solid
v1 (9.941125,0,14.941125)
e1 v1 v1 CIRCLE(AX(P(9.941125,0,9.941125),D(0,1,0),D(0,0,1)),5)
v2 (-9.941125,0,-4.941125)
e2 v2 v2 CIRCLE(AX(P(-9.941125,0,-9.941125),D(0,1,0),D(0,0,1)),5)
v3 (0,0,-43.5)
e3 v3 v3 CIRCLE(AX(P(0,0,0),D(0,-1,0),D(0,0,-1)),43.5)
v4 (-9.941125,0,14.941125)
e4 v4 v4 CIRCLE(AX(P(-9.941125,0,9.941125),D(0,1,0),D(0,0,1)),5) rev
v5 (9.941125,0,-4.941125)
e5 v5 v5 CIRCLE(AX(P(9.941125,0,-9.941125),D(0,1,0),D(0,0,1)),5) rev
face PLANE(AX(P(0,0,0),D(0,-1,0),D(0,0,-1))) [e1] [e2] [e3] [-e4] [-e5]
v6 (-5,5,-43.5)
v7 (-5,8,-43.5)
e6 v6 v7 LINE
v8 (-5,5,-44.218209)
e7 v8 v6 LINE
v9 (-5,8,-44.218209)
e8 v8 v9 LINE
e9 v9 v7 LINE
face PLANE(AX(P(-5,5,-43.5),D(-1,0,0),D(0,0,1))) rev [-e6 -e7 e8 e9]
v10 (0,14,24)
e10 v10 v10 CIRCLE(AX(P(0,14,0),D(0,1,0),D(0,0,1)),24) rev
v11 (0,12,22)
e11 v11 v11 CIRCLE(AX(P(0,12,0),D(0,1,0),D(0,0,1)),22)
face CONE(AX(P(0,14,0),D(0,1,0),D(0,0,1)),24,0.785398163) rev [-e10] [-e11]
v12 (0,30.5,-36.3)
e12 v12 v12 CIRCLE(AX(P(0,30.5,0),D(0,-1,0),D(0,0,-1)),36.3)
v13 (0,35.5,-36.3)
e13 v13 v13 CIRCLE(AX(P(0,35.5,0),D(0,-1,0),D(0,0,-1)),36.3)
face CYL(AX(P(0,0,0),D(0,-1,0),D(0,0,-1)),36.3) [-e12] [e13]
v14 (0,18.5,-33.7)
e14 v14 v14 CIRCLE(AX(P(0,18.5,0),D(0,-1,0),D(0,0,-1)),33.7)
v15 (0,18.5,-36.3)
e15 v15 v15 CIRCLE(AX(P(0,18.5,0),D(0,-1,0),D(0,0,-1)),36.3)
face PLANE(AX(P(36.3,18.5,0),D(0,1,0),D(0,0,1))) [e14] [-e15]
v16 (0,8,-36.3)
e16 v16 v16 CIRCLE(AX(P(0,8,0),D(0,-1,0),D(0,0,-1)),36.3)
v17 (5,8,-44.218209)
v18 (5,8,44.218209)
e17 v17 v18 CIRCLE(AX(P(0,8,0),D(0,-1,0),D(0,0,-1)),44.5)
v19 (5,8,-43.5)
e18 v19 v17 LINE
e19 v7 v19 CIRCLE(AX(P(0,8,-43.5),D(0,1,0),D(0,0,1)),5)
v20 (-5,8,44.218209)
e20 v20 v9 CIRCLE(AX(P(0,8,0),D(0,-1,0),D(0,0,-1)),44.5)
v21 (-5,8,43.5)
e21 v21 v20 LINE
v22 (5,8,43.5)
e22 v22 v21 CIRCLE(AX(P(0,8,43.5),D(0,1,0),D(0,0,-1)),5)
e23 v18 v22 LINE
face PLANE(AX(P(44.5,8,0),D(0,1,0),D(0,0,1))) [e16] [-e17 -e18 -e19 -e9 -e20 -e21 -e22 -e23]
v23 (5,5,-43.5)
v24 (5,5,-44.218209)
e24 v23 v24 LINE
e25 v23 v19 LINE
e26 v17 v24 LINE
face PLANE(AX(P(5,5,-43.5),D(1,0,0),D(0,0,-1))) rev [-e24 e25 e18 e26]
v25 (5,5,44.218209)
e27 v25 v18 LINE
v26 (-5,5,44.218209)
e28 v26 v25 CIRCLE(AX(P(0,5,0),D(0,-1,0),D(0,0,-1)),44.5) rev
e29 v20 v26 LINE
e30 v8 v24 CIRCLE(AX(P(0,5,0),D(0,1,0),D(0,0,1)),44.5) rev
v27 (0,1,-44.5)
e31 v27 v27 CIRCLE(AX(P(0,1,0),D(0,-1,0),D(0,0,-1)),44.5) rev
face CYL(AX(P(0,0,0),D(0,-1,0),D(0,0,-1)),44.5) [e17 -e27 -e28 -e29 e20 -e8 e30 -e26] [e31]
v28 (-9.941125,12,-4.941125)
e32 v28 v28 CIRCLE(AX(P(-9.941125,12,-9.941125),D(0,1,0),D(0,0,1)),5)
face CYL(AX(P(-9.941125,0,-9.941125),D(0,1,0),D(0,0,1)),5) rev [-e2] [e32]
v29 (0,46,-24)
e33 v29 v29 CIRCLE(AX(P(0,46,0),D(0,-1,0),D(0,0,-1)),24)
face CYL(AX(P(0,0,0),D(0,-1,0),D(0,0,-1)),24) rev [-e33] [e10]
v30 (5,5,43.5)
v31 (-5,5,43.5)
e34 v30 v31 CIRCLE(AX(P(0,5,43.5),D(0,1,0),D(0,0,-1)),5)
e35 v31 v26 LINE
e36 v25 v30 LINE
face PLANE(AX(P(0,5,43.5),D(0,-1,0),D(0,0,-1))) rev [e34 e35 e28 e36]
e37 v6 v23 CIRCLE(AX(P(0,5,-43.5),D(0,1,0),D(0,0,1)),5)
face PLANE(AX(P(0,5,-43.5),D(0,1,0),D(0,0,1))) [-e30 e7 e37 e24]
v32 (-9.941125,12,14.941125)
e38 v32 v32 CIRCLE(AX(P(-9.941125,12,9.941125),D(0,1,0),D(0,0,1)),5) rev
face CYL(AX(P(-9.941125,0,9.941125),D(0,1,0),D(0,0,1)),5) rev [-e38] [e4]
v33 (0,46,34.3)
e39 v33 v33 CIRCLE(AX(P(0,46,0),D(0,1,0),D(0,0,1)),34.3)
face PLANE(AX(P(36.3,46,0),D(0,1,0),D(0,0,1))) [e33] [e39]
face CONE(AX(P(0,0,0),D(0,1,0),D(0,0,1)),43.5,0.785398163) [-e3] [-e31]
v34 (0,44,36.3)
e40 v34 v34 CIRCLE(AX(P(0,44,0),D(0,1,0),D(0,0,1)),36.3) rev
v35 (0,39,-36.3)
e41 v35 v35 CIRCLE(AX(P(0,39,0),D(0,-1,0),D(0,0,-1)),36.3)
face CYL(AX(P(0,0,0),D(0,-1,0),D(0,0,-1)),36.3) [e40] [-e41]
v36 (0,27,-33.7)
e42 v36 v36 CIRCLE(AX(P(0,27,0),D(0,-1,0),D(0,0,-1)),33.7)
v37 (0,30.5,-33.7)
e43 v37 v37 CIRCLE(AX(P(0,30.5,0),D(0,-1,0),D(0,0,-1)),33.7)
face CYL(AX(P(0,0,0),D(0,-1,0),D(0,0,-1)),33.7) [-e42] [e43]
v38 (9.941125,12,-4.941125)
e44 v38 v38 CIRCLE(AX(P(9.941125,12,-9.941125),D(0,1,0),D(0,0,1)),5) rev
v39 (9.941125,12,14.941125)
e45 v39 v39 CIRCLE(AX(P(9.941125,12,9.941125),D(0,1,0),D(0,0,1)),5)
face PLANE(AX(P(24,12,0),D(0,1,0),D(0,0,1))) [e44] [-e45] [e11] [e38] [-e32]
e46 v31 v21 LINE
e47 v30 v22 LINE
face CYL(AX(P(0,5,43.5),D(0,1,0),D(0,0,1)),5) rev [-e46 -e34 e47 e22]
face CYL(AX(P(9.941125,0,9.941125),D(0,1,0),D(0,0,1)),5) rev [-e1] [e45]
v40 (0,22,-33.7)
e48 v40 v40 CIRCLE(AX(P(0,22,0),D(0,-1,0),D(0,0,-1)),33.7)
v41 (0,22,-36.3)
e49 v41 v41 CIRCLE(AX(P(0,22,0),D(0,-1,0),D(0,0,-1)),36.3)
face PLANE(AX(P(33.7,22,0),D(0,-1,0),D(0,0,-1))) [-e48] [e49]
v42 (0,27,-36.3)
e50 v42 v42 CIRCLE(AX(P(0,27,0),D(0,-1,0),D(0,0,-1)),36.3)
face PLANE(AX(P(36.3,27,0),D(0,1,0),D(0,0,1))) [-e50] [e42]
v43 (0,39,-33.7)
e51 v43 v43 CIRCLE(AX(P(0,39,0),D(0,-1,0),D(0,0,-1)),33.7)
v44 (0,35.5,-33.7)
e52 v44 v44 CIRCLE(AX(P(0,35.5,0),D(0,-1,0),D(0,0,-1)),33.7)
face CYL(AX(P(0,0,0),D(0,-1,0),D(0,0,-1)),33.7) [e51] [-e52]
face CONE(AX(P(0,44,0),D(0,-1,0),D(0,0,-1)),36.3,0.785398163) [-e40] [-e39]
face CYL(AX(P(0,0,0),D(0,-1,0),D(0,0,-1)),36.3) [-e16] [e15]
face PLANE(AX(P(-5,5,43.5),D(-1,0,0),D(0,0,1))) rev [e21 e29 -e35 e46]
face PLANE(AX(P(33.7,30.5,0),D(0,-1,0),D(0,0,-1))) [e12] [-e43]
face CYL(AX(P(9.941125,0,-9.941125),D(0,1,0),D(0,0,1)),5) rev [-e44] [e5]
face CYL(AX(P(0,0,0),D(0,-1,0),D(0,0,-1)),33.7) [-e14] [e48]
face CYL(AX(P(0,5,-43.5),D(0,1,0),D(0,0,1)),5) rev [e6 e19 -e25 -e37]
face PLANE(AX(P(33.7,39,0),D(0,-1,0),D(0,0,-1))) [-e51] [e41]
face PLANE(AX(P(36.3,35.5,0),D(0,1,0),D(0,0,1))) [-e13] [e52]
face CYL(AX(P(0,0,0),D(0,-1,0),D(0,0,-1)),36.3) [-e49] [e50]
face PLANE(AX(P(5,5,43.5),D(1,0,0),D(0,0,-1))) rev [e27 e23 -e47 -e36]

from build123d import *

# Parameters (mm, degrees)
CORTE_EXTRUS_O1_DEPTH = 3
ESBO_O4_R             = 5
CORTE_EXTRUS_O2_DEPTH = 72.529714105
CHANFRO1_SIZE         = 2
CHANFRO2_SIZE         = 2
CHANFRO3_SIZE         = 1


with BuildPart() as part:
    # Esboço1 → Revolução1 (revolve)
    with BuildSketch(Plane.XY, mode=Mode.PRIVATE) as revolu_o1_sk:
        Polygon((44.5, 0), (44.5, 8), (36.3, 8), (36.3, 18.5), (33.7, 18.5), (33.7, 22), (36.3, 22), (36.3, 27), (33.7, 27), (33.7, 30.5), (36.3, 30.5), (36.3, 35.5), (33.7, 35.5), (33.7, 39), (36.3, 39), (36.3, 46), (24, 46), (24, 12), (0, 12), (0, 0), align=None)
    revolve(revolu_o1_sk.sketch.rotate(Axis((0, 0, 0), (0, 1, 0)), 90), axis=Axis((0, 0, 0), (0, 1, 0)))

    # Esboço2 → Corte-extrusão1 (cut)
    with BuildSketch(Plane(origin=(0, 8, 0), x_dir=(1, 0, 0), z_dir=(0, 1, 0))):
        with BuildLine():
            Line((-5, 43.5), (-5, 45.5))
            ThreePointArc((-5, 45.5), (0, 50.5), (5, 45.5))
            Line((5, 45.5), (5, 43.5))
            ThreePointArc((5, 43.5), (0, 38.5), (-5, 43.5))
        make_face()
        with BuildLine():
            Line((-5, -43.5), (-5, -45.5))
            ThreePointArc((-5, -45.5), (0, -50.5), (5, -45.5))
            Line((5, -45.5), (5, -43.5))
            ThreePointArc((5, -43.5), (0, -38.5), (-5, -43.5))
        make_face()
    extrude(amount=-CORTE_EXTRUS_O1_DEPTH, mode=Mode.SUBTRACT)

    # Esboço4 → Corte-extrusão2 (cut, through all)
    with BuildSketch(Plane(origin=(0, 12, 0), x_dir=(1, 0, 0), z_dir=(0, 1, 0))):
        with Locations(Location((-9.941125497, 9.941125497, 0), (0, 0, 270))):
            Circle(ESBO_O4_R)
        with Locations(Location((9.941125497, 9.941125497, 0), (0, 0, 270))):
            Circle(ESBO_O4_R)
        with Locations(Location((-9.941125497, -9.941125497, 0), (0, 0, 270))):
            Circle(ESBO_O4_R)
        with Locations(Location((9.941125497, -9.941125497, 0), (0, 0, 270))):
            Circle(ESBO_O4_R)
    extrude(amount=-CORTE_EXTRUS_O2_DEPTH, mode=Mode.SUBTRACT)

    # Chanfro1
    chanfro1_edges = [part.edges().sort_by_distance(p)[0] for p in [
        (0, 46, 36.3),
    ]]
    chamfer(chanfro1_edges, length=CHANFRO1_SIZE)

    # Chanfro2
    chanfro2_edges = [part.edges().sort_by_distance(p)[0] for p in [
        (0, 12, 24),
    ]]
    chamfer(chanfro2_edges, length=CHANFRO2_SIZE)

    # Chanfro3
    chanfro3_edges = [part.edges().sort_by_distance(p)[0] for p in [
        (0, 0, 44.5),
    ]]
    chamfer(chanfro3_edges, length=CHANFRO3_SIZE)


solid = part.part
